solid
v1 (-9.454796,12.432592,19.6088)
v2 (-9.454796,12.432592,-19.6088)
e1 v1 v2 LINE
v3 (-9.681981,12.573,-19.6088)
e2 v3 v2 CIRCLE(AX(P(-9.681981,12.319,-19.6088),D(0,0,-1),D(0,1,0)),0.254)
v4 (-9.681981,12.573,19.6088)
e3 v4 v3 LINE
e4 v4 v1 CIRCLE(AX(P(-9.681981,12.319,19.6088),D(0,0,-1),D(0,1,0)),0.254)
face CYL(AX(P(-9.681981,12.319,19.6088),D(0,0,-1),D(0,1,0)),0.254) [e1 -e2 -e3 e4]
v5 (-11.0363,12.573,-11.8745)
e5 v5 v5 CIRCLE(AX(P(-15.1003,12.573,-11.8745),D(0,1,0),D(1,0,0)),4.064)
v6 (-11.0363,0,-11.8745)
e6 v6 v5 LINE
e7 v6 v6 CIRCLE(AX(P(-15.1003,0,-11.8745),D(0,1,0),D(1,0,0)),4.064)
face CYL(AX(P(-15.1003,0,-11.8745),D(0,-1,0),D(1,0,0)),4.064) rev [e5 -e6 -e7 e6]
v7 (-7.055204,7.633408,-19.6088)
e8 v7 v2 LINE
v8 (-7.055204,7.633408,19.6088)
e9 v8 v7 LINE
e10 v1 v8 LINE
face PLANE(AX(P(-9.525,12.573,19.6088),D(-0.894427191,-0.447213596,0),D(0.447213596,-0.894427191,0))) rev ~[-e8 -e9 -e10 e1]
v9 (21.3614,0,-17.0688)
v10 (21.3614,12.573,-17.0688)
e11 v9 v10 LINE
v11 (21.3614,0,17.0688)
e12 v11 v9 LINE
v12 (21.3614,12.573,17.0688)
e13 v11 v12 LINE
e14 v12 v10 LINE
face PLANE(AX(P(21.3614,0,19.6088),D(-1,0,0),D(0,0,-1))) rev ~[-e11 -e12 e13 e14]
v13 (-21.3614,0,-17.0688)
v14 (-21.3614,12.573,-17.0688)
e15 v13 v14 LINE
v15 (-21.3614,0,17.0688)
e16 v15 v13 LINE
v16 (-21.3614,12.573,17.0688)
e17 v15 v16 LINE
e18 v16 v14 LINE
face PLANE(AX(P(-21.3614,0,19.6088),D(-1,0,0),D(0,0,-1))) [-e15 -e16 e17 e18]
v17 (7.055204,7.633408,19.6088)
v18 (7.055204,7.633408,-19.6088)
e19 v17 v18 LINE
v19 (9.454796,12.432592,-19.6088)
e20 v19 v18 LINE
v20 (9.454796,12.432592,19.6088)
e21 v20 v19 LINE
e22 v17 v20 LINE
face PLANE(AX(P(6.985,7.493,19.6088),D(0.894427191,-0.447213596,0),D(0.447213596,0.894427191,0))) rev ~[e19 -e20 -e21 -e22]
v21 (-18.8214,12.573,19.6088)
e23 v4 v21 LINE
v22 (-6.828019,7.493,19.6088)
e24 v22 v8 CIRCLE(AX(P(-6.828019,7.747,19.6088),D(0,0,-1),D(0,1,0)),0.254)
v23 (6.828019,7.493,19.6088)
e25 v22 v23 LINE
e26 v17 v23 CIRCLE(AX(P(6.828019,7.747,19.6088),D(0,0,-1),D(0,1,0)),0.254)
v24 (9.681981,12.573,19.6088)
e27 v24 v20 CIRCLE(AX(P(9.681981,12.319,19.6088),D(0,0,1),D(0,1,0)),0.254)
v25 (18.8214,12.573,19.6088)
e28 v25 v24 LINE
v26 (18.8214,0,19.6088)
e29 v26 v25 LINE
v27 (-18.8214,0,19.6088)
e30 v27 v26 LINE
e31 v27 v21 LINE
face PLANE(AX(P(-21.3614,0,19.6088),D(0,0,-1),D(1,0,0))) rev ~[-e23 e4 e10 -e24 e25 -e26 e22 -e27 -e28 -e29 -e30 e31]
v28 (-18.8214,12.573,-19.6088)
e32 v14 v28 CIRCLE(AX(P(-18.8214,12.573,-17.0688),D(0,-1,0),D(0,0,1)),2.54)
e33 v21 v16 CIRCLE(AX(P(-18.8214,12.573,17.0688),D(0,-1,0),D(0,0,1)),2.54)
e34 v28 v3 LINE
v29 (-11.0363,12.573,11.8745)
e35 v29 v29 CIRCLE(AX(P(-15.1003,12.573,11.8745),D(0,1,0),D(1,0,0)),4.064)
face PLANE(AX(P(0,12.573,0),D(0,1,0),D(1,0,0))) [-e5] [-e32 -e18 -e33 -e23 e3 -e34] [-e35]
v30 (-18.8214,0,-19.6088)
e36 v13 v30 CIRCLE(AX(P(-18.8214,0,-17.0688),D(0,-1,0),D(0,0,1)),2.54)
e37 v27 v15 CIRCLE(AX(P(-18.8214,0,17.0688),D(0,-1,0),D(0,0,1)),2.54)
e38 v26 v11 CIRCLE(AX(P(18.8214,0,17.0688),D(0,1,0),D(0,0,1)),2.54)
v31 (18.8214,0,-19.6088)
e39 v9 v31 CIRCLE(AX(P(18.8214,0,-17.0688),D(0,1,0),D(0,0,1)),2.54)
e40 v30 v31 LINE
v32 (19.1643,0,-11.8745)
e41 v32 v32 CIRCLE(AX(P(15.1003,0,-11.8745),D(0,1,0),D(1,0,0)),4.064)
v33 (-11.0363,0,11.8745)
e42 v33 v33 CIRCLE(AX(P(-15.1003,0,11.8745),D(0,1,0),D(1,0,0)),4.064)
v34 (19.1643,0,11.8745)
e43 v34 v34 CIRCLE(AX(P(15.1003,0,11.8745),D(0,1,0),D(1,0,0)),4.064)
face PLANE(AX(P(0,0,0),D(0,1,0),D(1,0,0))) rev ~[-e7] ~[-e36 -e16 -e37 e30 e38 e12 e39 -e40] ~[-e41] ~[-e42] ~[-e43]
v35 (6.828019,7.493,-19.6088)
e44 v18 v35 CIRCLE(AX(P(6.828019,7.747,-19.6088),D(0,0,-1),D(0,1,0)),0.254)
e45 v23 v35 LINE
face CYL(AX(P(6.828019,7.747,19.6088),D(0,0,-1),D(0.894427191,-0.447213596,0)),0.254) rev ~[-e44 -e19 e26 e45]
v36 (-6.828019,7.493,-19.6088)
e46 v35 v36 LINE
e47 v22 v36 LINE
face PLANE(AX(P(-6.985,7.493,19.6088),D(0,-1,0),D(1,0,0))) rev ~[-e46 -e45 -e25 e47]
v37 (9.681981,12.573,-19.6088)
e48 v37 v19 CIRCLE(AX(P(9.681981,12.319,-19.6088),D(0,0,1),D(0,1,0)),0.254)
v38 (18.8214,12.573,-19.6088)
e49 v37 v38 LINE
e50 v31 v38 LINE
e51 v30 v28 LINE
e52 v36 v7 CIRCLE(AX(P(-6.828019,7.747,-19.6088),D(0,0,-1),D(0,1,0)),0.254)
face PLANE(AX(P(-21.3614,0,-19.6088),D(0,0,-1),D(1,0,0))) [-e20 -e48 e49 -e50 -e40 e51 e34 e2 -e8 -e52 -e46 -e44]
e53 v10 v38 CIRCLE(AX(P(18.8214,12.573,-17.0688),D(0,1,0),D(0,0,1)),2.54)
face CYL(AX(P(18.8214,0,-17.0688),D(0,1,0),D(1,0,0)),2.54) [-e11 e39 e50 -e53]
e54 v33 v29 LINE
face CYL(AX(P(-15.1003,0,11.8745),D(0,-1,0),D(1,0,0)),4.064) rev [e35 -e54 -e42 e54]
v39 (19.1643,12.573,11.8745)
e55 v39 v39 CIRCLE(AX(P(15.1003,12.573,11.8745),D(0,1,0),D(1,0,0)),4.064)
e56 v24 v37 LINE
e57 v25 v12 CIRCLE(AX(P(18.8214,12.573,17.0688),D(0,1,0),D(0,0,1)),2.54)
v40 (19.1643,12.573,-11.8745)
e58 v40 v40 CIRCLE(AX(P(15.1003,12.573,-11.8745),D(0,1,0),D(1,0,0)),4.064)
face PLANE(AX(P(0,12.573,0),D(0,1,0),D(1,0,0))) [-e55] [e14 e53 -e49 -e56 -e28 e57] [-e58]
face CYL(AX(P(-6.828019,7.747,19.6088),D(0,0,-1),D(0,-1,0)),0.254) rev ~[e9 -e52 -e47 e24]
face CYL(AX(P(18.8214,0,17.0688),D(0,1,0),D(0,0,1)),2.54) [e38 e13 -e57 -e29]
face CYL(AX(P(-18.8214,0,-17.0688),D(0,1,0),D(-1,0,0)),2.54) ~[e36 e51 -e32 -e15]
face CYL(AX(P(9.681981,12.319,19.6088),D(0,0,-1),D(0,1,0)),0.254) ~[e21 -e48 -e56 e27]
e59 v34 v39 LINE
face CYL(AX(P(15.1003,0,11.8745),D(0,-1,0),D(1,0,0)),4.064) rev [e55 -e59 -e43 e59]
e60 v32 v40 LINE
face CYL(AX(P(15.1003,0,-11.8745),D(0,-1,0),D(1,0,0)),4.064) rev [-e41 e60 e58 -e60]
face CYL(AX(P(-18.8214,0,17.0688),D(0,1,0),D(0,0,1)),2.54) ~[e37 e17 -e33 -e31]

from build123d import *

# Parameters (mm, degrees)
SKETCH1_W               = 42.7228
SKETCH1_H               = 39.2176
SKETCH1_R               = 4.064
BOSS_EXTRUDE1_DEPTH     = 12.573
CUT_EXTRUDE1_DEPTH      = 1
CUT_EXTRUDE1_DEPTH_BACK = 40.2176
FILLET1_R               = 0.254
FILLET2_R               = 2.54


with BuildPart() as part:
    # Sketch1 → Boss-Extrude1 (new body)
    with BuildSketch(Plane(origin=(0, 0, 0), x_dir=(1, 0, 0), z_dir=(0, 1, 0))):
        Rectangle(SKETCH1_W, SKETCH1_H)
        with Locations((15.1003, -11.8745)):
            Circle(SKETCH1_R, mode=Mode.SUBTRACT)
        with Locations((-15.1003, 11.8745)):
            Circle(SKETCH1_R, mode=Mode.SUBTRACT)
        with Locations((15.1003, 11.8745)):
            Circle(SKETCH1_R, mode=Mode.SUBTRACT)
        with Locations((-15.1003, -11.8745)):
            Circle(SKETCH1_R, mode=Mode.SUBTRACT)
    extrude(amount=BOSS_EXTRUDE1_DEPTH)

    # Sketch2 → Cut-Extrude1 (cut, two sides)
    with BuildSketch(Plane.XY.offset(19.6088)) as cut_extrude1_sk:
        Polygon((-9.525, 12.573), (-6.985, 7.493), (6.985, 7.493), (9.525, 12.573), align=None)
    extrude(amount=CUT_EXTRUDE1_DEPTH, mode=Mode.SUBTRACT)
    extrude(cut_extrude1_sk.sketch, amount=-CUT_EXTRUDE1_DEPTH_BACK, mode=Mode.SUBTRACT)

    # Fillet1
    fillet1_edges = [part.edges().sort_by_distance(p)[0] for p in [
        (-9.525, 12.573, 0),
        (9.525, 12.573, 0),
        (6.985, 7.493, 0),
        (-6.985, 7.493, 0),
    ]]
    fillet(fillet1_edges, radius=FILLET1_R)

    # Fillet2
    fillet2_edges = [part.edges().sort_by_distance(p)[0] for p in [
        (21.3614, 6.2865, 19.6088),
        (-21.3614, 6.2865, 19.6088),
        (-21.3614, 6.2865, -19.6088),
        (21.3614, 6.2865, -19.6088),
    ]]
    fillet(fillet2_edges, radius=FILLET2_R)


solid = part.part
